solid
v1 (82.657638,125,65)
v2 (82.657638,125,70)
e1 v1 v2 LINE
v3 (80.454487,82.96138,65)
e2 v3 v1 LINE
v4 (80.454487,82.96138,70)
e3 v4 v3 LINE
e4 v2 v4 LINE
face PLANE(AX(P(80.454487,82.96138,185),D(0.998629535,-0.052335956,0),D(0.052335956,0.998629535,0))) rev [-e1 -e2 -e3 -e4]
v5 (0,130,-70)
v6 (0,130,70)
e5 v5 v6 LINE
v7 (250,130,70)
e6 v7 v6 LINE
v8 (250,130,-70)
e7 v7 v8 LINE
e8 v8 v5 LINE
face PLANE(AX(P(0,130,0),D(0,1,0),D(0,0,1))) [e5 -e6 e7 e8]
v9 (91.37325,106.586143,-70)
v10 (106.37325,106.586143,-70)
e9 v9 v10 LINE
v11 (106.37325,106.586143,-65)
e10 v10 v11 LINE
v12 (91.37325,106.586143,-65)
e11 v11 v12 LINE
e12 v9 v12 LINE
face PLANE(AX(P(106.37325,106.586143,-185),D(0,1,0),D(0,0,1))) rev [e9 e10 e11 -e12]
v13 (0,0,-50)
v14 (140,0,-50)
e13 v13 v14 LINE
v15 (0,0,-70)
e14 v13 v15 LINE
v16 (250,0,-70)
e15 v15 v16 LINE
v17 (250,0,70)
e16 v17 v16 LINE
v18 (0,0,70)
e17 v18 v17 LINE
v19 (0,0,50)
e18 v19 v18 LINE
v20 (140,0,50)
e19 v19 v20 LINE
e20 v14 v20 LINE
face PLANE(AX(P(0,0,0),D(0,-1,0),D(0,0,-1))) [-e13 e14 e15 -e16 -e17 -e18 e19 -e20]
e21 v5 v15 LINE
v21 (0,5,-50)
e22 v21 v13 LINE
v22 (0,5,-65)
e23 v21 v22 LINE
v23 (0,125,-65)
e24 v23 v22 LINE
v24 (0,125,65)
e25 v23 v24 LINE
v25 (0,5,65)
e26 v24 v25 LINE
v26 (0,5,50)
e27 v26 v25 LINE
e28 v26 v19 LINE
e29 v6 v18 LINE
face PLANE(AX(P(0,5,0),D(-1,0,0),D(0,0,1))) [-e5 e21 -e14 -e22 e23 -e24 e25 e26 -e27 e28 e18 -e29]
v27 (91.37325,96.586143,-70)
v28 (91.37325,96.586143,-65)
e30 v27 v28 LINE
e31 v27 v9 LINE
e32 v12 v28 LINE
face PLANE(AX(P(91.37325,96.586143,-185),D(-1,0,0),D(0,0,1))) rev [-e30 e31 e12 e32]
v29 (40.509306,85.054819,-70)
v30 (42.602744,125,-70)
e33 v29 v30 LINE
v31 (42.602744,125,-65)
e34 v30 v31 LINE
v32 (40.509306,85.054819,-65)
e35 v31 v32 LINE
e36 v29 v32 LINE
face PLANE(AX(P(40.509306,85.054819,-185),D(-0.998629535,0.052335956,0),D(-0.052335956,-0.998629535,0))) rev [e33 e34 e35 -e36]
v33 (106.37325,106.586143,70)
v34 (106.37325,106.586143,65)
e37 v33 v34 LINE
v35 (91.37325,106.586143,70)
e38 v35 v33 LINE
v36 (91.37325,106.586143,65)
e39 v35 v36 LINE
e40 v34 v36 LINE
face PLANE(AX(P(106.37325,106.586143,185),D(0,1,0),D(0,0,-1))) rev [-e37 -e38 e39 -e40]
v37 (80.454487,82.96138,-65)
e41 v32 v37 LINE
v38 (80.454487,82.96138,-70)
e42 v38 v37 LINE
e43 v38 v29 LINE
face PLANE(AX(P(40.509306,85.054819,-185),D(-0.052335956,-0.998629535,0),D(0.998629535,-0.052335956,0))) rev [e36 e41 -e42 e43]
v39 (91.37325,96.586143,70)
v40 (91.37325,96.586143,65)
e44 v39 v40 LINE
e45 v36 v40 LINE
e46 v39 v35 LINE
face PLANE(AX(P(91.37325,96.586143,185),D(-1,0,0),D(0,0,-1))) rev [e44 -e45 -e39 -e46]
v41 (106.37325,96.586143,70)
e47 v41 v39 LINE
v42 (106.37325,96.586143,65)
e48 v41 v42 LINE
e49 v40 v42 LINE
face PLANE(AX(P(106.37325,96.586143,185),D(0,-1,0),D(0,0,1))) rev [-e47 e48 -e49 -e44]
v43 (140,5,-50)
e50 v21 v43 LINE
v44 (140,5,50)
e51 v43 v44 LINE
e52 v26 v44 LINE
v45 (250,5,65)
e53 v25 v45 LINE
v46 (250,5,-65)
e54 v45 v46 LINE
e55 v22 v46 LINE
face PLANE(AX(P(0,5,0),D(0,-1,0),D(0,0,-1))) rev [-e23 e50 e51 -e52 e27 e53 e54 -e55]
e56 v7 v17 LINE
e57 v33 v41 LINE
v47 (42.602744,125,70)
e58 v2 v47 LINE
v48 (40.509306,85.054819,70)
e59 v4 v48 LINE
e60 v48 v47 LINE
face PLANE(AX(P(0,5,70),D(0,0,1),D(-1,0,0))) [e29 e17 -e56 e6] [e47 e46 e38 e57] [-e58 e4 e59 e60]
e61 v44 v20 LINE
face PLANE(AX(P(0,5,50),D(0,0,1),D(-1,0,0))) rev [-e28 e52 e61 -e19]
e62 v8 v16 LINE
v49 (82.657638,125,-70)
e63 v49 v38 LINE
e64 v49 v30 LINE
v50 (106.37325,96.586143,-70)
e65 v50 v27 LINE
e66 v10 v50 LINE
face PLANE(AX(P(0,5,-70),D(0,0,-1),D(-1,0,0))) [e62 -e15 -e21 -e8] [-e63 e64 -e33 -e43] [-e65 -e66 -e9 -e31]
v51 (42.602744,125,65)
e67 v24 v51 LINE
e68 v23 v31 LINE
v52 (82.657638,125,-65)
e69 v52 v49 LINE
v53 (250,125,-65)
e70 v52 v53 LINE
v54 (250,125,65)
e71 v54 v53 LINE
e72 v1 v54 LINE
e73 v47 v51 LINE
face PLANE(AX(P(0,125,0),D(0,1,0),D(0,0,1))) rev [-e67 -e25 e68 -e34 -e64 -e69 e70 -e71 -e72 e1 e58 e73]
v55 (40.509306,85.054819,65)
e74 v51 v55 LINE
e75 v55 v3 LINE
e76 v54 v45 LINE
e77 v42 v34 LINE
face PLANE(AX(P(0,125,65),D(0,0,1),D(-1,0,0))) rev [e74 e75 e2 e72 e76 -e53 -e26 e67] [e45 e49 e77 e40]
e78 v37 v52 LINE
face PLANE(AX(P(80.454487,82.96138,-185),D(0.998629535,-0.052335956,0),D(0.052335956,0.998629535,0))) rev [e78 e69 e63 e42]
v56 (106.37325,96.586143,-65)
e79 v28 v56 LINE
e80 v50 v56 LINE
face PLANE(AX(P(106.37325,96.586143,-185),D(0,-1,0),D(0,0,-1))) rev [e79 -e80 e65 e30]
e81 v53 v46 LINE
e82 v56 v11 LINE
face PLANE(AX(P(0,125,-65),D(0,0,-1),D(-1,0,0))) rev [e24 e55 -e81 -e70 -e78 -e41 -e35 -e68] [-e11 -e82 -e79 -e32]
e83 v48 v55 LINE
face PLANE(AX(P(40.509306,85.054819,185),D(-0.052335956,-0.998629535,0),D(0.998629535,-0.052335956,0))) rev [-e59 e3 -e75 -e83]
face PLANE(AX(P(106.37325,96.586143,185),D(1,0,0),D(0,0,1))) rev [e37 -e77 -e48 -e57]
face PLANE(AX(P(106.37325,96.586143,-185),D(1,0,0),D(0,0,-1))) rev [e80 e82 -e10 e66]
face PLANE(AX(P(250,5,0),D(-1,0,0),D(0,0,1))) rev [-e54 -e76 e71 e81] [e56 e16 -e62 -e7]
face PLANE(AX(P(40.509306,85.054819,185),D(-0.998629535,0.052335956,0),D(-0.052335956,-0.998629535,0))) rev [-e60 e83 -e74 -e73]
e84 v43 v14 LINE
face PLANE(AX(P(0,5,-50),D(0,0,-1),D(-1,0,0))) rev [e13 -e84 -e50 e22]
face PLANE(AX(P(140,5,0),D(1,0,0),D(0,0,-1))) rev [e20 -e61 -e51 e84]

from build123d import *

# Parameters (mm, degrees)
SKETCH_C_W          = 250
SKETCH_C_H          = 70
BOSS_EXTRUDE1_DEPTH = 5
SKETCH2_W           = 250
SKETCH2_H           = 5
BOSS_EXTRUDE2_DEPTH = 120
SKETCH3_W           = 15
SKETCH3_H           = 10
CUT_EXTRUDE1_DEPTH  = 120
SKETCH4_W           = 140
SKETCH4_H           = 50
CUT_EXTRUDE2_DEPTH  = 5
SKETCH5_W           = 250
SKETCH5_H           = 70
BOSS_EXTRUDE3_DEPTH = 5


with BuildPart() as part:
    # Sketch C → Boss-Extrude1 (new body)
    with BuildSketch(Plane(origin=(0, 0, 0), x_dir=(1, 0, 0), z_dir=(0, 1, 0))):
        with Locations((125, 35)):
            Rectangle(SKETCH_C_W, SKETCH_C_H)
    extrude(amount=BOSS_EXTRUDE1_DEPTH)

    # Sketch2 → Boss-Extrude2 (add)
    with BuildSketch(Plane(origin=(0, 5, 0), x_dir=(1, 0, 0), z_dir=(0, 1, 0))):
        with Locations((125, 67.5)):
            Rectangle(SKETCH2_W, SKETCH2_H)
    extrude(amount=BOSS_EXTRUDE2_DEPTH)

    # Sketch3 → Cut-Extrude1 (cut)
    with BuildSketch(Plane.XY.offset(-65)):
        with Locations((98.873250263, 101.586143008)):
            Rectangle(SKETCH3_W, SKETCH3_H)
        Polygon((40.509305923, 85.05481861), (80.454487313, 82.96138036), (82.657638013, 125), (42.602744173, 125), align=None)
    extrude(amount=-CUT_EXTRUDE1_DEPTH, mode=Mode.SUBTRACT)

    # Sketch4 → Cut-Extrude2 (cut)
    with BuildSketch(Plane.XZ):
        with Locations((70, -25)):
            Rectangle(SKETCH4_W, SKETCH4_H)
    extrude(amount=-CUT_EXTRUDE2_DEPTH, mode=Mode.SUBTRACT)

    # Sketch5 → Boss-Extrude3 (add)
    with BuildSketch(Plane(origin=(0, 130, 0), x_dir=(1, 0, 0), z_dir=(0, 1, 0))):
        with Locations((125, 35)):
            Rectangle(SKETCH5_W, SKETCH5_H)
    extrude(amount=-BOSS_EXTRUDE3_DEPTH)

    # Mirror3: part across plane


with BuildPart() as part_1:
    add(part.part)
    add(part.part.mirror(Plane.XY))


solid = part_1.part
